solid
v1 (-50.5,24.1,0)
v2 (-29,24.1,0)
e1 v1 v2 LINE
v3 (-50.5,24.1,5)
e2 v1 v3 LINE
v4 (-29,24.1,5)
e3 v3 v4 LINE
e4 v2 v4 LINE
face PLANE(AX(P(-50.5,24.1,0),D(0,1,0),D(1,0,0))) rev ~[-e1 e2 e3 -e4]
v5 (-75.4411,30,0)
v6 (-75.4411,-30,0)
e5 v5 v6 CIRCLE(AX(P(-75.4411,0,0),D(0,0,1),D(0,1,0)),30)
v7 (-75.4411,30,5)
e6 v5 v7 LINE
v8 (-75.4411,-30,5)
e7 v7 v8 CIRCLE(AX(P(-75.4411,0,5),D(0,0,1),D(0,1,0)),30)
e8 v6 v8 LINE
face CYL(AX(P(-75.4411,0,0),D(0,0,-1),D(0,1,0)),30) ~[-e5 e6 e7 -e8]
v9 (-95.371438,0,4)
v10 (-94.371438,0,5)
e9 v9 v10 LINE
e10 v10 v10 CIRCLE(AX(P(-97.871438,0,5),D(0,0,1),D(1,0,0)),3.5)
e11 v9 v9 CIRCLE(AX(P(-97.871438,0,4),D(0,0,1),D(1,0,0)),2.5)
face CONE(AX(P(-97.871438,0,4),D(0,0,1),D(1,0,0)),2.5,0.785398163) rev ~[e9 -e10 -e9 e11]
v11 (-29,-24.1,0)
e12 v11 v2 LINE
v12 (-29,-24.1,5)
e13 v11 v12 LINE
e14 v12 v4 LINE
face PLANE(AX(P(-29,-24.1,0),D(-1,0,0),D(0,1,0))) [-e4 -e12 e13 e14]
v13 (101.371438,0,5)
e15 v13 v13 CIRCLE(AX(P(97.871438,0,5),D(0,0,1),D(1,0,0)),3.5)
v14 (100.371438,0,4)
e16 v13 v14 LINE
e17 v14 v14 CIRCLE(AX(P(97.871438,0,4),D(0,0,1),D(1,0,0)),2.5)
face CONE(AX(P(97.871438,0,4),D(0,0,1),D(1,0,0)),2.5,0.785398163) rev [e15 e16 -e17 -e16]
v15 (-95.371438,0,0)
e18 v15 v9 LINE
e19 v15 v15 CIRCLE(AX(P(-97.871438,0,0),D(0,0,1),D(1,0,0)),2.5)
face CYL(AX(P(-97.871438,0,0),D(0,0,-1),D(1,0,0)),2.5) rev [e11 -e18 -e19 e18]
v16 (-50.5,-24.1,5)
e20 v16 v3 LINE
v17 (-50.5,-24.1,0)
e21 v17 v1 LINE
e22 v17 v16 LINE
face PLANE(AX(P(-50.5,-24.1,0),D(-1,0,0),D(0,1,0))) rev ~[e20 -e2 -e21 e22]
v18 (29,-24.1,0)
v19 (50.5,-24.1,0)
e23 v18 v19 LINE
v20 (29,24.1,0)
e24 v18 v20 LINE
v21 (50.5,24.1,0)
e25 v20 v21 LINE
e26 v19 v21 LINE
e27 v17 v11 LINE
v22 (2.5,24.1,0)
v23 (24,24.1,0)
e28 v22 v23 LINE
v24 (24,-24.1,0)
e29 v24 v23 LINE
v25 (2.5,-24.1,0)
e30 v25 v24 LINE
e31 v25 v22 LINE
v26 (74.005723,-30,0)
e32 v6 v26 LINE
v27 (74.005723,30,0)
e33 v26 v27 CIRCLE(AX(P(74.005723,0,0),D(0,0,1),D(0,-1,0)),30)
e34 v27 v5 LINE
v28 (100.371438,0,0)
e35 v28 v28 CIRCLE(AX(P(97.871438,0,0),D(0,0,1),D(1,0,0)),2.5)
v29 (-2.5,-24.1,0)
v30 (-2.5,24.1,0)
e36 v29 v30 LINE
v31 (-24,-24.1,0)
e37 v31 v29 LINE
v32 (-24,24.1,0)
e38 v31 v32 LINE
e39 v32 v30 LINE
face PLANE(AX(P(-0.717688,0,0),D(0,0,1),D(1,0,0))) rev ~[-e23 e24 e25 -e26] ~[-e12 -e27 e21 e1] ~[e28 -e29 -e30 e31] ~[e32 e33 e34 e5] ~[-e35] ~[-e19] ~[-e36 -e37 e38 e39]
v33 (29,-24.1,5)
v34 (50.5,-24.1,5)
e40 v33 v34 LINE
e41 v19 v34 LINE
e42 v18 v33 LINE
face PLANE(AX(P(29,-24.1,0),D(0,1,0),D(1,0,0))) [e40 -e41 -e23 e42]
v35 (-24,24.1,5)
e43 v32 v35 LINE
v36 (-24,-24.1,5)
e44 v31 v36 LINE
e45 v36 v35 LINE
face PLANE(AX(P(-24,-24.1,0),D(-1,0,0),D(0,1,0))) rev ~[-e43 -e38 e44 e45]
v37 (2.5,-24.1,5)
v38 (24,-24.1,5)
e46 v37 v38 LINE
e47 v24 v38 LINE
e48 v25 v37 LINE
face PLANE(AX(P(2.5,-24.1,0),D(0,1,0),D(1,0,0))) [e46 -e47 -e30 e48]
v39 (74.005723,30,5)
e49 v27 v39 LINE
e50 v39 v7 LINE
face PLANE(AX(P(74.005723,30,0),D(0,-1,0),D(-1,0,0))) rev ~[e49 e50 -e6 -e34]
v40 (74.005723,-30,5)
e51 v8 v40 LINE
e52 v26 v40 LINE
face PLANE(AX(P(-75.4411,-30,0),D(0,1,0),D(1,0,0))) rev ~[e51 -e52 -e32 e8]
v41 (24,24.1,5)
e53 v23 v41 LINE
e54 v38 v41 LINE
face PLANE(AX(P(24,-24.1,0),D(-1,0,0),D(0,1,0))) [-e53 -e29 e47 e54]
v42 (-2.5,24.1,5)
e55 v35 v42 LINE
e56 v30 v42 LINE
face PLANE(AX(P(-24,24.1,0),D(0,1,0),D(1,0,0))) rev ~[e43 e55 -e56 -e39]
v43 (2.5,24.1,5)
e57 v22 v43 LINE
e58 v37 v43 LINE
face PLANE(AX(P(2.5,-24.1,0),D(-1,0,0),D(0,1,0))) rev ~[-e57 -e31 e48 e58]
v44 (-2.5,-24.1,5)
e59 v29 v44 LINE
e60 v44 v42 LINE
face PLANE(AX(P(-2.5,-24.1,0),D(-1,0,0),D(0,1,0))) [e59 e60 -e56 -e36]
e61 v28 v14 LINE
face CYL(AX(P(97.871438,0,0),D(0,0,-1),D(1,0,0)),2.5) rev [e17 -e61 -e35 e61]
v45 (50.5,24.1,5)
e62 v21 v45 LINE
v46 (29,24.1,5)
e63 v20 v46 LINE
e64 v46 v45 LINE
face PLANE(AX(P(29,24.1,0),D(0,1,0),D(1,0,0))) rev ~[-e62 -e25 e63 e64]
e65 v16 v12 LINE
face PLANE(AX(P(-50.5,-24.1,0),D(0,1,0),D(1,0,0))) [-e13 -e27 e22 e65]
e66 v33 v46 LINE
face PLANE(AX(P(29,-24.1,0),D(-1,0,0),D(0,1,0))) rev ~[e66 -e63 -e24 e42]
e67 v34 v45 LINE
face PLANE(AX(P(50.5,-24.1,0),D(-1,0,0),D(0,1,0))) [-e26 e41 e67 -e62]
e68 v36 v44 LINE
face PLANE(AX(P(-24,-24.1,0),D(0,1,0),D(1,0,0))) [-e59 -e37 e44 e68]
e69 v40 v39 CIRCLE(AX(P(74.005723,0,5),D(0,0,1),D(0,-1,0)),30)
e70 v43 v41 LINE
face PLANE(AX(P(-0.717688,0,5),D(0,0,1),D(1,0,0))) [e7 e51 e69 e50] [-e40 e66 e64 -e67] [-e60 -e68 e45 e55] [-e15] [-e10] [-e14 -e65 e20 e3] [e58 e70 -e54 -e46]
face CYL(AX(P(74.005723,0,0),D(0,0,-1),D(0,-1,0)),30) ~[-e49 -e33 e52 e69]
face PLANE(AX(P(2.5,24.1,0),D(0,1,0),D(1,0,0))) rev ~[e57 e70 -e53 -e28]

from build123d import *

# Parameters (mm, degrees)
F0_R     = 2.5
F0_W     = 21.5
F0_H     = 48.2
F1_DEPTH = 5
F2_SIZE  = 1
F3_SIZE  = 1


with BuildPart() as f1:
    # F0 (on Top) → F1 (new body)
    with BuildSketch(Plane.XY):
        with BuildLine():
            Line((74.005723, 30), (-75.4411, 30))
            ThreePointArc((-75.4411, 30), (-105.4411, 0), (-75.4411, -30))
            Line((-75.4411, -30), (74.005723, -30))
            ThreePointArc((74.005723, -30), (104.005723, 0), (74.005723, 30))
        make_face()
        with Locations((-97.871438, 0)):
            Circle(F0_R, mode=Mode.SUBTRACT)
        with Locations((-39.75, 0)):
            Rectangle(F0_W, F0_H, mode=Mode.SUBTRACT)
        with Locations((-13.25, 0)):
            Rectangle(F0_W, F0_H, mode=Mode.SUBTRACT)
        with Locations((13.25, 0)):
            Rectangle(F0_W, F0_H, mode=Mode.SUBTRACT)
        with Locations((39.75, 0)):
            Rectangle(F0_W, F0_H, mode=Mode.SUBTRACT)
        with Locations((97.871438, 0)):
            Circle(F0_R, mode=Mode.SUBTRACT)
    extrude(amount=F1_DEPTH)

    # F2
    f2_edges = [f1.edges().sort_by_distance(p)[0] for p in [
        (-100.371438, 0, 5),
    ]]
    chamfer(f2_edges, length=F2_SIZE)

    # F3
    f3_edges = [f1.edges().sort_by_distance(p)[0] for p in [
        (95.371438, 0, 5),
    ]]
    chamfer(f3_edges, length=F3_SIZE)


solid = f1.part
